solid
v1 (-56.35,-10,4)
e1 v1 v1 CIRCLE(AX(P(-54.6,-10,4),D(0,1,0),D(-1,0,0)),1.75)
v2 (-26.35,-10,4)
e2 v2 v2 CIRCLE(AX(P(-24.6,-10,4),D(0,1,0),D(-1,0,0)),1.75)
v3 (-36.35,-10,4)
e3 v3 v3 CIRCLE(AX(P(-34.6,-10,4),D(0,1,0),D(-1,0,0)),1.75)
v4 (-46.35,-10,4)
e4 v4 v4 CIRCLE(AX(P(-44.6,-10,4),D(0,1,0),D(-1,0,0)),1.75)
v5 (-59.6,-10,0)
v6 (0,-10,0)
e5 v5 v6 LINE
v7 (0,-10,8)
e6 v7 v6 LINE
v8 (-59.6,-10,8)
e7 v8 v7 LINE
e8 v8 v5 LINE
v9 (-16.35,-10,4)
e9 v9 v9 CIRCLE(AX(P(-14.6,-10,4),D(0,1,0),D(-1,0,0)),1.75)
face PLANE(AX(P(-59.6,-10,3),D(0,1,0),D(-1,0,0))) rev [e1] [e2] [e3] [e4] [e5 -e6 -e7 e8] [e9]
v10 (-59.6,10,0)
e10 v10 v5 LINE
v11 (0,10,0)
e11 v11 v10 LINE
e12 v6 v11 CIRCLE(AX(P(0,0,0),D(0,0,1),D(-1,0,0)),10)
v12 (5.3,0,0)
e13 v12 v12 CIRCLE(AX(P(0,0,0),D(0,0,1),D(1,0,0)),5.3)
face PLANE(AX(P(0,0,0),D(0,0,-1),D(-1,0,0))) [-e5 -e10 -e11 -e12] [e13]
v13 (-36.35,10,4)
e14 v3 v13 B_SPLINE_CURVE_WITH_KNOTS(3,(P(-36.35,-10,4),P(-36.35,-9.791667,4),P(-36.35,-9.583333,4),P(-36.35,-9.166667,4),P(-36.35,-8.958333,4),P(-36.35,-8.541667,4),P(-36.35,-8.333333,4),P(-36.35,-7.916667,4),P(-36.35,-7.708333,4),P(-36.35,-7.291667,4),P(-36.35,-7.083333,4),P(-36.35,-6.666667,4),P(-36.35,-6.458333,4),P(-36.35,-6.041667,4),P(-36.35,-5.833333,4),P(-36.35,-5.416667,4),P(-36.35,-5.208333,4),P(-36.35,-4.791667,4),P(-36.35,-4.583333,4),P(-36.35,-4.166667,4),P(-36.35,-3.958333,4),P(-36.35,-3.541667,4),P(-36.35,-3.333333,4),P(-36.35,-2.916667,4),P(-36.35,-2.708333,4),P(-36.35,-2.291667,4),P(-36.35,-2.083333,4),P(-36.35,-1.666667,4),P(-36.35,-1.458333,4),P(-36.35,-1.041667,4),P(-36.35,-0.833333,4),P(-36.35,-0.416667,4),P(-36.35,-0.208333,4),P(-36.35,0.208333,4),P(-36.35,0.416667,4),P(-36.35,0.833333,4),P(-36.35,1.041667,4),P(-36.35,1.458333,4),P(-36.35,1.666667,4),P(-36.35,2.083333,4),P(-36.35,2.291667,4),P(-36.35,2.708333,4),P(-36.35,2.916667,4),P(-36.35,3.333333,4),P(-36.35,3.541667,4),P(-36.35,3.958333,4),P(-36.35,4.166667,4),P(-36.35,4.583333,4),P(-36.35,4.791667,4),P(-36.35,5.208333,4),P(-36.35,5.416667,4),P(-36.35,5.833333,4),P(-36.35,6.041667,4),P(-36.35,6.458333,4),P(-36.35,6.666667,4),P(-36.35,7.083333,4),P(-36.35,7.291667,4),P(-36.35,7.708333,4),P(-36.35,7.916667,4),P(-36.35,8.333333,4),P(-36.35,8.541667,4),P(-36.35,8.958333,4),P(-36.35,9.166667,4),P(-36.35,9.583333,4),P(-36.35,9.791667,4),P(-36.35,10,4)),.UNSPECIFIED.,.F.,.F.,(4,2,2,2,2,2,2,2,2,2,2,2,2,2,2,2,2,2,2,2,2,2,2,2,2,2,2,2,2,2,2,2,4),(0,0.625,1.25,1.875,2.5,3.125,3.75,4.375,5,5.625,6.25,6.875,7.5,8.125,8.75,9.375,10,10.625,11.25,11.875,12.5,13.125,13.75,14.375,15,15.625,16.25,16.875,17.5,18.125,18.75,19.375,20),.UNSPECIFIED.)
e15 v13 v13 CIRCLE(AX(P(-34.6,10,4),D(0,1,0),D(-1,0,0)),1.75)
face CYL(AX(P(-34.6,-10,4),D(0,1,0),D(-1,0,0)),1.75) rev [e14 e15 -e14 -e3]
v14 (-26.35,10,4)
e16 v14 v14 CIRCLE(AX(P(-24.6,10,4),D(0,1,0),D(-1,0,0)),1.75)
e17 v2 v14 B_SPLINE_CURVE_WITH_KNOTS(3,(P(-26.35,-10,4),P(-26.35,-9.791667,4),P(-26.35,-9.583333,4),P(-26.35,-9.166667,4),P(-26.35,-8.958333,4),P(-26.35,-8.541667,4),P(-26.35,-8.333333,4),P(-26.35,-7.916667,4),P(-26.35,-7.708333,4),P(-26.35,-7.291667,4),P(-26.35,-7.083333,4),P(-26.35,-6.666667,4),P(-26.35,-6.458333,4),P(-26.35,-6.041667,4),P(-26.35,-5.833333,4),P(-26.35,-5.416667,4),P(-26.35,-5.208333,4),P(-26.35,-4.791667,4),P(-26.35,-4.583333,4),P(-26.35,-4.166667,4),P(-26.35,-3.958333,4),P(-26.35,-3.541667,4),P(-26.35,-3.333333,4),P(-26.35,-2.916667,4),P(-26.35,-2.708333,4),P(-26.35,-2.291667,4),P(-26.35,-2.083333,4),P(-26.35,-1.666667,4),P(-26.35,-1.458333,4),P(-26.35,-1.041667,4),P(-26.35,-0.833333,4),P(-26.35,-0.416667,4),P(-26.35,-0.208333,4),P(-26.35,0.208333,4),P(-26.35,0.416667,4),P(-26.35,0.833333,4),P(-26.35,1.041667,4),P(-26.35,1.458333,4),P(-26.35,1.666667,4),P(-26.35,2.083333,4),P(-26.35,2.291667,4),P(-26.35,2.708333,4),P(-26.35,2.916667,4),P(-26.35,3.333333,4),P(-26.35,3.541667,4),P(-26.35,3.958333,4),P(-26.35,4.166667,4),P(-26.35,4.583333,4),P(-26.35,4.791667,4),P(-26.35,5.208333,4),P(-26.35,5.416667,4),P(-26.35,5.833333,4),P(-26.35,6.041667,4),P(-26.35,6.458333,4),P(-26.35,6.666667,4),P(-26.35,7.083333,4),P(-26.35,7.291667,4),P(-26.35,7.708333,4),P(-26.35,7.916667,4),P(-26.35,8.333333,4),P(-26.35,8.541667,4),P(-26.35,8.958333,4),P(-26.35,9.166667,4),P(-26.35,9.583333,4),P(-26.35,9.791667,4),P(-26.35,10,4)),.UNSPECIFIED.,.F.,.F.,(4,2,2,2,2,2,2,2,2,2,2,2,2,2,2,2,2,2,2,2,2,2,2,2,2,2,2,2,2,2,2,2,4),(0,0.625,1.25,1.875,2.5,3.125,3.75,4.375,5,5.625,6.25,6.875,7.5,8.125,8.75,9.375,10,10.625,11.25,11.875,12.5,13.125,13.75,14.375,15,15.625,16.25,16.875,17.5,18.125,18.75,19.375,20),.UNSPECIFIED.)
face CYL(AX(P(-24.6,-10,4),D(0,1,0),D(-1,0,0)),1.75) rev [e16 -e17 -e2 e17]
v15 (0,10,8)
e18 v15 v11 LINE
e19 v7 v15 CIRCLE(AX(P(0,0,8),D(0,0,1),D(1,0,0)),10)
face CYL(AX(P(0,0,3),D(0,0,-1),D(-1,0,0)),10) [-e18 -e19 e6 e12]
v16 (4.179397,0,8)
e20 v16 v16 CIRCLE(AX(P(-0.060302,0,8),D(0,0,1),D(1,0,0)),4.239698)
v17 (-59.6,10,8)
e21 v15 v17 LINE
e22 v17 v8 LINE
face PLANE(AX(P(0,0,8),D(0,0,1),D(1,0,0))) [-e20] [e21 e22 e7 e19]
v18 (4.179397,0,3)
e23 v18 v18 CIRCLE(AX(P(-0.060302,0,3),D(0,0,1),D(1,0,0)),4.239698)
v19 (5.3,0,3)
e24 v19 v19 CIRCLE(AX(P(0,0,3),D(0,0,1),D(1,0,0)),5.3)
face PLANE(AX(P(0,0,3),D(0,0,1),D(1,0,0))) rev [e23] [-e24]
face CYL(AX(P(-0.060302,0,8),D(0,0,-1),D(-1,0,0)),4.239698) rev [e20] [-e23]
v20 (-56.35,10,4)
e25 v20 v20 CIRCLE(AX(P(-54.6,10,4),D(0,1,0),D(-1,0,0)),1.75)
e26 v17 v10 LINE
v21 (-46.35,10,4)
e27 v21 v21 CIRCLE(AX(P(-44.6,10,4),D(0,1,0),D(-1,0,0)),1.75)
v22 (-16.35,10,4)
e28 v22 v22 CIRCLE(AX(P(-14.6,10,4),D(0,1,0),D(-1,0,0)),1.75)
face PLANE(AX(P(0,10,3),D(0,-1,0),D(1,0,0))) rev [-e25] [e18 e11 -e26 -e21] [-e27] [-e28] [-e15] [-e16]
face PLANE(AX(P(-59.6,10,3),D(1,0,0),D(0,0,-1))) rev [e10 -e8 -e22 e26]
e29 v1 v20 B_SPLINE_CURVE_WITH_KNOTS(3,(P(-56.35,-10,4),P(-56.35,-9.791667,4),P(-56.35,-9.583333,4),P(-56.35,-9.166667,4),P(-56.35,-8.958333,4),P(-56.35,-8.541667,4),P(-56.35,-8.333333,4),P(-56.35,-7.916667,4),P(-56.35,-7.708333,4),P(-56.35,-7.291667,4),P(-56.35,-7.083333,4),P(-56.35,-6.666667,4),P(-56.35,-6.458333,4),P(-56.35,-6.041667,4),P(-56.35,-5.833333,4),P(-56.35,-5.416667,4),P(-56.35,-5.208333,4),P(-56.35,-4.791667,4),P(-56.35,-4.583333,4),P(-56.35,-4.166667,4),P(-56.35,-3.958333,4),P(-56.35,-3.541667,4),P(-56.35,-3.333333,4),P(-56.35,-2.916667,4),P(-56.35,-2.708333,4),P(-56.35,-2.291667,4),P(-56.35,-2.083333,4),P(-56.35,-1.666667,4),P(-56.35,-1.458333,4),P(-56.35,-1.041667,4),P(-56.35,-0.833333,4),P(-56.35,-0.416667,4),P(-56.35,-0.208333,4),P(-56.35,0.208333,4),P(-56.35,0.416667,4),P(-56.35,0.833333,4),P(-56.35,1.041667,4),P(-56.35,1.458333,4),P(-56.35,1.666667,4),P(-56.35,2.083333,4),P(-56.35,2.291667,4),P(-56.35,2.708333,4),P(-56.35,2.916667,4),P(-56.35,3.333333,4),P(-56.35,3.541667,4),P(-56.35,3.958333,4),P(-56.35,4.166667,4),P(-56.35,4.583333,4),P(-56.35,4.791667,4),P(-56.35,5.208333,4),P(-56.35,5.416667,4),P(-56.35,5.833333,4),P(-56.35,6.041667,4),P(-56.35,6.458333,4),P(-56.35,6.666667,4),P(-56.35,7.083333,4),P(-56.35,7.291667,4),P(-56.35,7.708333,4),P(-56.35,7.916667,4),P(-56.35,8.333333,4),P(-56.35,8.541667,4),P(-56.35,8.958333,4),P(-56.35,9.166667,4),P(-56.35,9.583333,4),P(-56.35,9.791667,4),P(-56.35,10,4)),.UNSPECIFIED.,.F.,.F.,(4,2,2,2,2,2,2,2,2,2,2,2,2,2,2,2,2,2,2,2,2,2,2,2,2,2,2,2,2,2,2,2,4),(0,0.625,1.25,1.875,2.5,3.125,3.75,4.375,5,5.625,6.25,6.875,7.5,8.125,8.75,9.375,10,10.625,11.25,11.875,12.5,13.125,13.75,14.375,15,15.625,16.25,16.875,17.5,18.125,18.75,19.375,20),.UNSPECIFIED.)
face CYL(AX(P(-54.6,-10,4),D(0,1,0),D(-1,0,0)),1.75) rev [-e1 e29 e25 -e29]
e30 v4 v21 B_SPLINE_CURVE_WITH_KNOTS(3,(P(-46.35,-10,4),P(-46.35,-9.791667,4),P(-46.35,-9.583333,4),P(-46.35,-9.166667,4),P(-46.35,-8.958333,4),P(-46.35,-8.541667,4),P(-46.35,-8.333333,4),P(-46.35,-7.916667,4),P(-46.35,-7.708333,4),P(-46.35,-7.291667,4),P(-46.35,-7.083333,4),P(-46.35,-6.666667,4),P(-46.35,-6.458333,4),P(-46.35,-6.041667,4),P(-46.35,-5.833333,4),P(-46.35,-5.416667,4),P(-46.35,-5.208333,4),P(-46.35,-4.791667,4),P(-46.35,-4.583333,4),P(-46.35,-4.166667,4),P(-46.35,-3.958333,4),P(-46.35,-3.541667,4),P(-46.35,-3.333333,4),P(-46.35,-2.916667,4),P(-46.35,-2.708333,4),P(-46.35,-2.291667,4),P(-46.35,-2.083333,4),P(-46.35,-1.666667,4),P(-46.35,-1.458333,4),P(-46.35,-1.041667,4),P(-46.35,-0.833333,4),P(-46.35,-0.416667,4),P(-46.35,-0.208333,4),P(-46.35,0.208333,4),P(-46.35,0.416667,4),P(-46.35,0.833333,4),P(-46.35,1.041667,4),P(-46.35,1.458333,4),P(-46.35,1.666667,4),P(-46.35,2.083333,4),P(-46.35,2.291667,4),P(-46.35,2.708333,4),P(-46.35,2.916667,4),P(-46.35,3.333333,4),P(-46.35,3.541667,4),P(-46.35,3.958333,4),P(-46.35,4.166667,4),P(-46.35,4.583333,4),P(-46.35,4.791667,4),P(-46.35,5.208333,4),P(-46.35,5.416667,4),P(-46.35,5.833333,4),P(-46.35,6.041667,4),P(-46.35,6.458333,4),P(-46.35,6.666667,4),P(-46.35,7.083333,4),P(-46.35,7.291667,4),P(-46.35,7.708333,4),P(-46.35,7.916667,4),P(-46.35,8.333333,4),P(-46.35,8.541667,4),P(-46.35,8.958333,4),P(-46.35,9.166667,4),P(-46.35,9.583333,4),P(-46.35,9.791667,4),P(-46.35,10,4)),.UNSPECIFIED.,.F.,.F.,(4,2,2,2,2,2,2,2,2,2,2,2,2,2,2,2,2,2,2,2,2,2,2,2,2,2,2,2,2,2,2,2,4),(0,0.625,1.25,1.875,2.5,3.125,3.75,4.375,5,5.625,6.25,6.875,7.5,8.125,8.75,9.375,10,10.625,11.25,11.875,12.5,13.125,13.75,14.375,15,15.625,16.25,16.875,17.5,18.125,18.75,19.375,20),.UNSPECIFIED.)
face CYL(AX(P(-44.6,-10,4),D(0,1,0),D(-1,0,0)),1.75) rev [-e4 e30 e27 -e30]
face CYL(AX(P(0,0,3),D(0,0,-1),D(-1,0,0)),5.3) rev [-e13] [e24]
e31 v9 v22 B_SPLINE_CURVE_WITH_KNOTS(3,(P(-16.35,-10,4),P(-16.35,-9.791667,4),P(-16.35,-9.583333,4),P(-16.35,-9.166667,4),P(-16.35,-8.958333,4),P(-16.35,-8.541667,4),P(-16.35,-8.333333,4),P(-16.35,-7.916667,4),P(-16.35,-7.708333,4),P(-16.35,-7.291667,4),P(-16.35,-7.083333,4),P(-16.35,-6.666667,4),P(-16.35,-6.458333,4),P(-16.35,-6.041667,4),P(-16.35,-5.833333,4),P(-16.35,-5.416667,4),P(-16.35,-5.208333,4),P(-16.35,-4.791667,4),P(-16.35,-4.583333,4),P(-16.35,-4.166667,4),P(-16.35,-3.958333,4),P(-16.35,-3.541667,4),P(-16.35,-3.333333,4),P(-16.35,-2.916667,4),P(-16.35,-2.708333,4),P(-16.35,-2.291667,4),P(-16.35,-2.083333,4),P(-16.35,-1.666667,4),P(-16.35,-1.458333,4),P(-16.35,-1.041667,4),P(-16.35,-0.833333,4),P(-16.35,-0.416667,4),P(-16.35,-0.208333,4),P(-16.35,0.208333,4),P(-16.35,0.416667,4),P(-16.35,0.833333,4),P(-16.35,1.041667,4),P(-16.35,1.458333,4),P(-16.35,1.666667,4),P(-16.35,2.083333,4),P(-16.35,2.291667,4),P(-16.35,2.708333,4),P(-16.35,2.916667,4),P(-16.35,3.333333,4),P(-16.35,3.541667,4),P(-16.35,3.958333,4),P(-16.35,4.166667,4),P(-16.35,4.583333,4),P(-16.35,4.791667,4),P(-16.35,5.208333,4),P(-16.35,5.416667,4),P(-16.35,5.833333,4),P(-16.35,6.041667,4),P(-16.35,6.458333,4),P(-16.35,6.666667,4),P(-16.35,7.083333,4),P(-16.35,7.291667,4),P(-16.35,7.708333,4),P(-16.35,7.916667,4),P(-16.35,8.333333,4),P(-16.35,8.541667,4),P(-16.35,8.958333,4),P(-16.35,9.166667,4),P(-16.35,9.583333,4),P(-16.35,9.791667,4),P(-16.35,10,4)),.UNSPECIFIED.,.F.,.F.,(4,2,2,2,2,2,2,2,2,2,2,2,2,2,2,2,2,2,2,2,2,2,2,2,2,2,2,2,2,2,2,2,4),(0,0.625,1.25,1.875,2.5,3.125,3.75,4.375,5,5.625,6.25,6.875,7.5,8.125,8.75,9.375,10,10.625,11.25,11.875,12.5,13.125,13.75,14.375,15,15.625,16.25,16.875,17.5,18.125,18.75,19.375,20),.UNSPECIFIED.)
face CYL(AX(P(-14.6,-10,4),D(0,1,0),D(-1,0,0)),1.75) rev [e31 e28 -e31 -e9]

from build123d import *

# Parameters (mm, degrees)
ESQUISSE1_R             = 5.3
BOSS_EXTRU_1_DEPTH      = 3
ESQUISSE2_R             = 4.239698474
BOSS_EXTRU_2_DEPTH      = 5
ESQUISSE3_R             = 1.75
ENL_V_MAT_EXTRU_1_DEPTH = 64.373180447


with BuildPart() as part:
    # Esquisse1 → Boss.-Extru.1 (new body)
    with BuildSketch(Plane.XY):
        with BuildLine():
            Line((0, 10), (-59.6, 10))
            Line((-59.6, 10), (-59.6, -10))
            Line((-59.6, -10), (0, -10))
            ThreePointArc((0, -10), (10, 0), (0, 10))
        make_face()
        Circle(ESQUISSE1_R, mode=Mode.SUBTRACT)
    extrude(amount=BOSS_EXTRU_1_DEPTH)

    # Esquisse2 → Boss.-Extru.2 (add)
    with BuildSketch(Plane.XY.offset(3)):
        with BuildLine():
            Line((-59.6, 10), (-59.6, -10))
            Line((-59.6, -10), (0, -10))
            ThreePointArc((0, -10), (10, 0), (0, 10))
            Line((0, 10), (-59.6, 10))
        make_face()
        with Locations((-0.060301526, 0)):
            Circle(ESQUISSE2_R, mode=Mode.SUBTRACT)
    extrude(amount=BOSS_EXTRU_2_DEPTH)

    # Esquisse3 → Enlèv. mat.-Extru.1 (cut, through all)
    with BuildSketch(Plane(origin=(0, 10, 0), x_dir=(1, 0, 0), z_dir=(0, 1, 0))):
        with Locations(Location((-54.6, -4, 0), (0, 0, 180))):
            Circle(ESQUISSE3_R)
        with Locations(Location((-44.6, -4, 0), (0, 0, 180))):
            Circle(ESQUISSE3_R)
        with Locations(Location((-34.6, -4, 0), (0, 0, 180))):
            Circle(ESQUISSE3_R)
        with Locations(Location((-24.6, -4, 0), (0, 0, 180))):
            Circle(ESQUISSE3_R)
        with Locations(Location((-14.6, -4, 0), (0, 0, 180))):
            Circle(ESQUISSE3_R)
    extrude(amount=-ENL_V_MAT_EXTRU_1_DEPTH, mode=Mode.SUBTRACT)


solid = part.part
